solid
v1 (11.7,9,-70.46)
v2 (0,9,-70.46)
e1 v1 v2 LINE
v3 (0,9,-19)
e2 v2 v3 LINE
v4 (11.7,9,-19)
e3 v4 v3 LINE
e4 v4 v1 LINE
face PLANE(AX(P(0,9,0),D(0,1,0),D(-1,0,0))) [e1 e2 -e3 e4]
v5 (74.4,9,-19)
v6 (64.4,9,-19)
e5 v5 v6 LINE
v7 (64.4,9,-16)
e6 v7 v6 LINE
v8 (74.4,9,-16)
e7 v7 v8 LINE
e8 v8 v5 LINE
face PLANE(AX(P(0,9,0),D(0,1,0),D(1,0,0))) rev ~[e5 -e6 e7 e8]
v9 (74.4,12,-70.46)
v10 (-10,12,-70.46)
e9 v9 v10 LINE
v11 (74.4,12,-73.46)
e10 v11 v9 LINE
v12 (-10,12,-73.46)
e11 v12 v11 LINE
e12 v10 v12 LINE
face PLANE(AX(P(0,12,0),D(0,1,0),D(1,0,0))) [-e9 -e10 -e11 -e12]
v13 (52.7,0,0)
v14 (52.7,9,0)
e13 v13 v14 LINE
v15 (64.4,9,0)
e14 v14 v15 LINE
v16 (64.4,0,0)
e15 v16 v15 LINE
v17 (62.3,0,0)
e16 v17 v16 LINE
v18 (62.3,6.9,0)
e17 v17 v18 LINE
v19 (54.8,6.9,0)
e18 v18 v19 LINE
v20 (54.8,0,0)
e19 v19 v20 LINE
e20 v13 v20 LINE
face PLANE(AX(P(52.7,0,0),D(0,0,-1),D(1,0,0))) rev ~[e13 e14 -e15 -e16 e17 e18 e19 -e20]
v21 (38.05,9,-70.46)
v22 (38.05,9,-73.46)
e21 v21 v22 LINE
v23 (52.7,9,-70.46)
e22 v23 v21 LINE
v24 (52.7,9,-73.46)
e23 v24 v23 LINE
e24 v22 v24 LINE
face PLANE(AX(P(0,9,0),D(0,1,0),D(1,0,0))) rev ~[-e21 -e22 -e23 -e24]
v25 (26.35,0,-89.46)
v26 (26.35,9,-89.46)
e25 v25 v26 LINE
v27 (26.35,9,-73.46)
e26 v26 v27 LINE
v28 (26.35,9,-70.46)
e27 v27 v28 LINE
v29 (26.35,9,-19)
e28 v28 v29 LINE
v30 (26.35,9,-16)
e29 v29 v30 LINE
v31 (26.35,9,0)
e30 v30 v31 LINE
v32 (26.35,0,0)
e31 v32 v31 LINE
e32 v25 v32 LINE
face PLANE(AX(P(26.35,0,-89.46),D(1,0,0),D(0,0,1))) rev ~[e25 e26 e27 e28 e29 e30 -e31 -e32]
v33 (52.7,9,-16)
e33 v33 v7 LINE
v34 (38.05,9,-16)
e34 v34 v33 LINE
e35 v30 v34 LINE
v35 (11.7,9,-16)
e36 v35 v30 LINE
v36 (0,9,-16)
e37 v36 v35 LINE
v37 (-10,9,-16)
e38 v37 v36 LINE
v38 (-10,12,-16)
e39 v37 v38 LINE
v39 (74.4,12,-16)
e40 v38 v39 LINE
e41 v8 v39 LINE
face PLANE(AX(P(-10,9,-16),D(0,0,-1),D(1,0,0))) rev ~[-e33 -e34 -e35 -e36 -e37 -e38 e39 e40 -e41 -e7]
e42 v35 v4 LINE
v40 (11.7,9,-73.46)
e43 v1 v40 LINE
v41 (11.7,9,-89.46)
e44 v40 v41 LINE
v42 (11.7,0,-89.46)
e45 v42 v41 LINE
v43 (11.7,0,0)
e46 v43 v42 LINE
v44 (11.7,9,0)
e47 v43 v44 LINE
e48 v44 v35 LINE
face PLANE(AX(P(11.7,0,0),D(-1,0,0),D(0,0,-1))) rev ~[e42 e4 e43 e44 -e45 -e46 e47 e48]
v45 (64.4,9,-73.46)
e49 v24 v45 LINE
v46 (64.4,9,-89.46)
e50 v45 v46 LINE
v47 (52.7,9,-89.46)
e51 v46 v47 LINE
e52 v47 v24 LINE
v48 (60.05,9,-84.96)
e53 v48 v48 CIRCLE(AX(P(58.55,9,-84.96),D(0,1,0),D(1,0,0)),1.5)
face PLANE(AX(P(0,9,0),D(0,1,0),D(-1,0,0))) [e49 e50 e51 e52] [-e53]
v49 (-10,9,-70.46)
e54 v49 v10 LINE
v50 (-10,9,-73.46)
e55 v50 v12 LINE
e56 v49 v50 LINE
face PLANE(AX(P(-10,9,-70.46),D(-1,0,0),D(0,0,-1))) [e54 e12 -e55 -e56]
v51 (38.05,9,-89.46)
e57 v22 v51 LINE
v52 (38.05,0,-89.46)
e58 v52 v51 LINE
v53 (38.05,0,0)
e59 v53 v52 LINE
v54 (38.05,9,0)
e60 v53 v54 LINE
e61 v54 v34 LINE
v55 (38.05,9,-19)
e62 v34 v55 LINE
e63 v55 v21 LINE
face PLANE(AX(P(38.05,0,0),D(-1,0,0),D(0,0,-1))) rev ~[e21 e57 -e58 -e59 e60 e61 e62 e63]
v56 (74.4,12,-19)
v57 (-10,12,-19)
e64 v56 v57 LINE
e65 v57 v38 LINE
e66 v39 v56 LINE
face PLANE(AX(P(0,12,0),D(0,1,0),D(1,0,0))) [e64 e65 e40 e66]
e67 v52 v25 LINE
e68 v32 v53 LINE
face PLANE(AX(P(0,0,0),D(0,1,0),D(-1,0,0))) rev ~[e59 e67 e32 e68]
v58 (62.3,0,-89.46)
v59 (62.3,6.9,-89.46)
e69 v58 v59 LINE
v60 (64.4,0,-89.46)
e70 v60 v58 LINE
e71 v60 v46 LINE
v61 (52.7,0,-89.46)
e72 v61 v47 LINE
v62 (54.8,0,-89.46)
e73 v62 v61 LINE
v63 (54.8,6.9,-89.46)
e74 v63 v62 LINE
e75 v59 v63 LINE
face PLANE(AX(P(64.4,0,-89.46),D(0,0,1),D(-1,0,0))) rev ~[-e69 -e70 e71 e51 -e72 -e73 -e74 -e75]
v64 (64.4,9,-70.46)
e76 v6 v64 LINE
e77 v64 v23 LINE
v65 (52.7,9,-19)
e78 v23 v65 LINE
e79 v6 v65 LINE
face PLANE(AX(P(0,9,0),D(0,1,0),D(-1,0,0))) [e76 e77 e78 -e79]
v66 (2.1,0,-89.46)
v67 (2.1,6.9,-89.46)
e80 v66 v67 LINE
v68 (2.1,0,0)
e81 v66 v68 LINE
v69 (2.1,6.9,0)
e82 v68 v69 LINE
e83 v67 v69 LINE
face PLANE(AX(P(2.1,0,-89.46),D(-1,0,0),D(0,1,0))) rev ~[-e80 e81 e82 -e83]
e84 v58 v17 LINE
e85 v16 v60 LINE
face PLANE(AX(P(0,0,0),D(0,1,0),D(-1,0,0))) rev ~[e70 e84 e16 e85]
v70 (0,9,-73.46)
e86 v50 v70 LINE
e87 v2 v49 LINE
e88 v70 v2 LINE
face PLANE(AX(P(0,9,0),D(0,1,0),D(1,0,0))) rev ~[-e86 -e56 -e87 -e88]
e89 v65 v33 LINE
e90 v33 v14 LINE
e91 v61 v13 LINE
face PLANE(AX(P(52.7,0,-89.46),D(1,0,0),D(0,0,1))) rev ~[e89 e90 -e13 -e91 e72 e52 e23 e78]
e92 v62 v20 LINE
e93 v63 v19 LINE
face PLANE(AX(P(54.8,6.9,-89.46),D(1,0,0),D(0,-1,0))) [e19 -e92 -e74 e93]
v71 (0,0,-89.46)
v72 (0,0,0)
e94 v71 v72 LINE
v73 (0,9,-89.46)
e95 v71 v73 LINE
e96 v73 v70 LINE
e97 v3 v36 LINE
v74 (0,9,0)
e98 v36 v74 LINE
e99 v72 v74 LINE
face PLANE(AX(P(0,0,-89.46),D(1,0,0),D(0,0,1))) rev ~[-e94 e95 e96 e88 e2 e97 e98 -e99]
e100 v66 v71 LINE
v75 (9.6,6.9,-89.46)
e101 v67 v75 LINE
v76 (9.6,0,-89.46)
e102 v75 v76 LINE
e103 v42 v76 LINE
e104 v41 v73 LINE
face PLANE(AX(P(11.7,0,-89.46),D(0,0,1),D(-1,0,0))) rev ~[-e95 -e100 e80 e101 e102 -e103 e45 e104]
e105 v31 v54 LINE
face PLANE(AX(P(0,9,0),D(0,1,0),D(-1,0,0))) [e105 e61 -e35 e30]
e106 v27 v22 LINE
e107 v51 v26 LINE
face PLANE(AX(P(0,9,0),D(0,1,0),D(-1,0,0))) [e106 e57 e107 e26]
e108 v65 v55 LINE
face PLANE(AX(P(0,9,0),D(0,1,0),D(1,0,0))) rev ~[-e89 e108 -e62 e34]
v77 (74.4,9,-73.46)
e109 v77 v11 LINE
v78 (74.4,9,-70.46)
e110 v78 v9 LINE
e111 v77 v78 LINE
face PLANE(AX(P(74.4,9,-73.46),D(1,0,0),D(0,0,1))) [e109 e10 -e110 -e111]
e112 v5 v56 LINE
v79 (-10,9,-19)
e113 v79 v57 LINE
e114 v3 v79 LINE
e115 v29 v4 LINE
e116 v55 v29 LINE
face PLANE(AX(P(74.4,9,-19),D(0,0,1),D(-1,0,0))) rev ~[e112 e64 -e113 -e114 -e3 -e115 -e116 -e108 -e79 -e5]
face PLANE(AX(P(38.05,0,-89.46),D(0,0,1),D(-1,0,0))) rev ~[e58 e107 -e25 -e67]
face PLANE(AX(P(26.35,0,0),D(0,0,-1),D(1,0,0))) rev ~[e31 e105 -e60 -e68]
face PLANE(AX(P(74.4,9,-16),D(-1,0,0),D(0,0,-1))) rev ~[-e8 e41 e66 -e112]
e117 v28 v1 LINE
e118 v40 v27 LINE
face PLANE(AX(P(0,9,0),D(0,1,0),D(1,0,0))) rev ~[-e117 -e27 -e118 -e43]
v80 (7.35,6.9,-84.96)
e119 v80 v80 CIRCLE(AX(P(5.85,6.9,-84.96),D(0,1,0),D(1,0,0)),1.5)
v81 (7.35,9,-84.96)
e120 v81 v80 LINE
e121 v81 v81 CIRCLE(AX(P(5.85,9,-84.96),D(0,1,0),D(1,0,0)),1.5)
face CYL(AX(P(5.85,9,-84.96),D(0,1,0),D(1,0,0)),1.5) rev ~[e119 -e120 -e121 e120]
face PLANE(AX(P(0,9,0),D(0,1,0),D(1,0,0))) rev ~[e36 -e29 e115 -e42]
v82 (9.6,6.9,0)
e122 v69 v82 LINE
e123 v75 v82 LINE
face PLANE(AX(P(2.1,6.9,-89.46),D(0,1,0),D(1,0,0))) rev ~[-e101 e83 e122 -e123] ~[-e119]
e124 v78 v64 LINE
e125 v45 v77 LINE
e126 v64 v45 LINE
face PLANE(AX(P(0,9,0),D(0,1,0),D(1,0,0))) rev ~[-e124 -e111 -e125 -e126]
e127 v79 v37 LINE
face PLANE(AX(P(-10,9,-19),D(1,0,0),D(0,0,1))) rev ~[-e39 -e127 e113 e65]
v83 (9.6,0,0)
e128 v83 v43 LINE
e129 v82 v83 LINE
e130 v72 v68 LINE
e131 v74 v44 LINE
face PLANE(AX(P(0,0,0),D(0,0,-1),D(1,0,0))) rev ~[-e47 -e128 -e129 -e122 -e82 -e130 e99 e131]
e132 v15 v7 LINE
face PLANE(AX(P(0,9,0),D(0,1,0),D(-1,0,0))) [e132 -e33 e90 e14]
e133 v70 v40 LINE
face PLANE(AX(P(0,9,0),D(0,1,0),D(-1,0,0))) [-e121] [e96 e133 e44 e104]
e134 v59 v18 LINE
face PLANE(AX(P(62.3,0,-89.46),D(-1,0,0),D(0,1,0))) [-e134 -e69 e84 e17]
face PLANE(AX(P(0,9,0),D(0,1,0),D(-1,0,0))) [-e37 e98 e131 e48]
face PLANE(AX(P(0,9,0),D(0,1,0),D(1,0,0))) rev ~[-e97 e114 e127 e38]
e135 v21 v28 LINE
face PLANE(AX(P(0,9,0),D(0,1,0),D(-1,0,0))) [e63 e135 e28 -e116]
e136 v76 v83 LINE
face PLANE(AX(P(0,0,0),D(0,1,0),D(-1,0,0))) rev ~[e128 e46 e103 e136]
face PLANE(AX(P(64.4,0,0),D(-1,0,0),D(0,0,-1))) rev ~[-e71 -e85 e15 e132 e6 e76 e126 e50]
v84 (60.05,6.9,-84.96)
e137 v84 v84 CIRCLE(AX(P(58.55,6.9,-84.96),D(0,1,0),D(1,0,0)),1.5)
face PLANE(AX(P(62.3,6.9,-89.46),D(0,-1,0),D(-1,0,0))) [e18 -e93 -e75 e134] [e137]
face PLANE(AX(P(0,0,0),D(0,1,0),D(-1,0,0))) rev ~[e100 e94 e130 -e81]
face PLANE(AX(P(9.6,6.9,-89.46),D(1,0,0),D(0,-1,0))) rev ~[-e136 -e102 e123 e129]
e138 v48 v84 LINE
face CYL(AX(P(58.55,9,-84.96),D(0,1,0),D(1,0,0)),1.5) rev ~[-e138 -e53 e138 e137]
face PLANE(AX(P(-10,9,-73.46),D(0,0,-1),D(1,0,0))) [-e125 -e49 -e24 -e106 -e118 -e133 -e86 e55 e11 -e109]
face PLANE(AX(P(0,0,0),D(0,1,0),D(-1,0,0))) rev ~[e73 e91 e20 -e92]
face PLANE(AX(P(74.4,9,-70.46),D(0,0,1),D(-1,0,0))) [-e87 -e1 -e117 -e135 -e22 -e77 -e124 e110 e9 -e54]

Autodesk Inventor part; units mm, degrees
ref_plane "YZ Plane" through (0, 0, 0) normal (1, 0, 0) x (0, 1, 0)
ref_plane "XZ Plane" through (0, 0, 0) normal (0, 1, 0) x (-1, 0, 0)
sketch "Sketch1" plane through (0, 0, 0) normal (0, 1, 0) x (-1, 0, 0)
  line L0 (0, 0) -> (-11.7, 0)
  line L1 (-11.7, 0) -> (-11.7, -89.46)
  line L2 (-11.7, -89.46) -> (0, -89.46)
  line L3 (0, -89.46) -> (0, 0)
  line L4 (-26.35, 0) -> (-38.05, 0)
  line L5 (-38.05, 0) -> (-38.05, -89.46)
  line L6 (-38.05, -89.46) -> (-26.35, -89.46)
  line L7 (-26.35, -89.46) -> (-26.35, 0)
  line L8 (-52.7, 0) -> (-64.4, 0)
  line L9 (-64.4, 0) -> (-64.4, -89.46)
  line L10 (-64.4, -89.46) -> (-52.7, -89.46)
  line L11 (-52.7, -89.46) -> (-52.7, 0)
  dimension "d0" = 11.7
  dimension "d1" = 11.7
  dimension "d2" = 11.7
  dimension "d3" = 14.65
  dimension "d4" = 14.65
  dimension "d5" = 89.46
  dimension "d47" = 64.4
extrude "Extrusion1" add sketch "Sketch1" along normal blind 9
sketch "Sketch2" plane through (0, 9, 0) normal (0, 1, 0) x (1, 0, 0)
  line L0 (38.05, 89.46) -> (26.35, 89.46) construction
  line L1 (32.2, 89.46) -> (32.2, 0) construction
  line L2 (26.35, 0) -> (38.05, 0) construction
  line L3 (11.7, 89.46) -> (0, 89.46) construction
  line L4 (5.85, 89.46) -> (5.85, 0) construction
  line L5 (0, 0) -> (11.7, 0) construction
  circle A0 centre (5.85, 84.96) radius 1.5
  circle A1 centre (58.55, 84.96) radius 1.5
  dimension "d8" = 3
  dimension "d9" = 4.5
extrude "Extrusion2" cut sketch "Sketch2" against normal blind 8
sketch "Sketch3" plane through (11.7, 0, -89.46) normal (0, 0, -1) x (-1, 0, 0)
  line L0 (-14.65, 9) -> (-26.35, 9) construction
  line L1 (-20.5, 9) -> (-20.5, 0) construction
  line L2 (-14.65, 0) -> (-26.35, 0) construction
  line L3 (0, 0) -> (11.7, 0) projected
  line L4 (9.6, 0) -> (9.6, 6.9)
  line L5 (9.6, 6.9) -> (2.1, 6.9)
  line L6 (2.1, 6.9) -> (2.1, 0)
  line L7 (2.1, 0) -> (9.6, 0) construction
  line L8 (0, 0) -> (0, 9) construction
  line L9 (11.7, 0) -> (11.7, 9) construction
  line L10 (-41, 0) -> (-52.7, 0)
  line L11 (-50.6, 0) -> (-50.6, 6.9)
  line L12 (-50.6, 6.9) -> (-43.1, 6.9)
  line L13 (-43.1, 6.9) -> (-43.1, 0)
  dimension "d15" = 7.5
  dimension "d16" = 2.1
  dimension "d17" = 2.1
  dimension "d18" = 6.9
extrude "Extrusion3" cut sketch "Sketch3" against normal through all
sketch "Sketch4" plane through (0, 9, 0) normal (0, 1, 0) x (1, 0, 0)
  line L0 (0, 89.46) -> (0, 0) construction
  line L1 (0, 44.73) -> (64.4, 44.73) construction
  line L2 (64.4, 0) -> (64.4, 89.46) construction
  line L3 (-10, 16) -> (74.4, 16)
  line L4 (74.4, 16) -> (74.4, 19)
  line L5 (74.4, 19) -> (-10, 19)
  line L6 (-10, 19) -> (-10, 16)
  line L7 (-10, 73.46) -> (74.4, 73.46)
  line L8 (74.4, 73.46) -> (74.4, 70.46)
  line L9 (74.4, 70.46) -> (-10, 70.46)
  line L10 (-10, 70.46) -> (-10, 73.46)
  line L11 (52.7, 0) -> (64.4, 0) projected
  dimension "d21" = 3
  dimension "d22" = 10
  dimension "d23" = 10
  dimension "d46" = 16
extrude "Extrusion4" add sketch "Sketch4" along normal blind 3
ref_plane "Work Plane2" through (32.2, 0, -89.46) normal (-1, 0, 0) x (0, 0, 1)
sketch "Sketch5" plane through (0, 8.5, 0) normal (0, -1, 0) x (1, 0, 0)
  line L0 (23, -75) -> (14, -75)
  line L1 (14, -75) -> (14, -22)
  line L2 (14, -22) -> (23, -22)
  line L3 (23, -22) -> (23, -75)
  line L4 (26, -90) -> (26, 0) projected
  line L5 (11, 0) -> (11, -90) projected
  line L6 (11, -22) -> (26, -22) projected
  line L7 (11, -68) -> (26, -68) projected
  point P0 (0, 0)
  point P1 (18.5, -22)
  dimension "d27" = 3
  dimension "d28" = 3
  dimension "d29" = 9
  dimension "d30" = 7
sketch "Sketch6" plane through (23, 8.5, -75) normal (0, 0, -1) x (-1, 0, 0)
  line L0 (9, 0) -> (9, -2) projected
  line L1 (0, 0) -> (0, -2) projected
  line L2 (9, -0.5) -> (0, -0.5)
  line L3 (0, -0.5) -> (0, -1.5)
  line L4 (0, -1.5) -> (9, -1.5)
  line L5 (9, -1.5) -> (9, -0.5)
  line L6 (9, 0) -> (0, 0) projected
  line L7 (9, -2) -> (0, -2) projected
  point P0 (23, -8.5)
  dimension "d34" = 0.5
  dimension "d35" = 0.5
  dimension "d36" = 1
sketch "Sketch7" plane through (14, 8, -75) normal (0, 1, 0) x (1, 0, 0)
  line L0 (1.5, 2) -> (7.5, 2)
  line L1 (7.5, 2) -> (7.5, 4.5)
  line L2 (7.5, 4.5) -> (1.5, 4.5)
  line L3 (1.5, 4.5) -> (1.5, 2)
  line L4 (0, 0) -> (0, 7) projected
  line L5 (9, 0) -> (9, 7) projected
  line L6 (0, 7) -> (9, 7) projected
  point P0 (-14, -75)
  dimension "d39" = 6
  dimension "d40" = 2.5
  dimension "d41" = 1.5
  dimension "d42" = 1.5
  dimension "d43" = 2.5
equation "\"d1\" = d0"
equation "\"d2\" = d1"
equation "\"d4\" = d3"
equation "\"d17\" = d16"
equation "\"d23\" = d22"
equation "\"d28\" = d27"
equation "\"d35\" = d34"
equation "\"d42\" = d41"
properties part number "tracks"
